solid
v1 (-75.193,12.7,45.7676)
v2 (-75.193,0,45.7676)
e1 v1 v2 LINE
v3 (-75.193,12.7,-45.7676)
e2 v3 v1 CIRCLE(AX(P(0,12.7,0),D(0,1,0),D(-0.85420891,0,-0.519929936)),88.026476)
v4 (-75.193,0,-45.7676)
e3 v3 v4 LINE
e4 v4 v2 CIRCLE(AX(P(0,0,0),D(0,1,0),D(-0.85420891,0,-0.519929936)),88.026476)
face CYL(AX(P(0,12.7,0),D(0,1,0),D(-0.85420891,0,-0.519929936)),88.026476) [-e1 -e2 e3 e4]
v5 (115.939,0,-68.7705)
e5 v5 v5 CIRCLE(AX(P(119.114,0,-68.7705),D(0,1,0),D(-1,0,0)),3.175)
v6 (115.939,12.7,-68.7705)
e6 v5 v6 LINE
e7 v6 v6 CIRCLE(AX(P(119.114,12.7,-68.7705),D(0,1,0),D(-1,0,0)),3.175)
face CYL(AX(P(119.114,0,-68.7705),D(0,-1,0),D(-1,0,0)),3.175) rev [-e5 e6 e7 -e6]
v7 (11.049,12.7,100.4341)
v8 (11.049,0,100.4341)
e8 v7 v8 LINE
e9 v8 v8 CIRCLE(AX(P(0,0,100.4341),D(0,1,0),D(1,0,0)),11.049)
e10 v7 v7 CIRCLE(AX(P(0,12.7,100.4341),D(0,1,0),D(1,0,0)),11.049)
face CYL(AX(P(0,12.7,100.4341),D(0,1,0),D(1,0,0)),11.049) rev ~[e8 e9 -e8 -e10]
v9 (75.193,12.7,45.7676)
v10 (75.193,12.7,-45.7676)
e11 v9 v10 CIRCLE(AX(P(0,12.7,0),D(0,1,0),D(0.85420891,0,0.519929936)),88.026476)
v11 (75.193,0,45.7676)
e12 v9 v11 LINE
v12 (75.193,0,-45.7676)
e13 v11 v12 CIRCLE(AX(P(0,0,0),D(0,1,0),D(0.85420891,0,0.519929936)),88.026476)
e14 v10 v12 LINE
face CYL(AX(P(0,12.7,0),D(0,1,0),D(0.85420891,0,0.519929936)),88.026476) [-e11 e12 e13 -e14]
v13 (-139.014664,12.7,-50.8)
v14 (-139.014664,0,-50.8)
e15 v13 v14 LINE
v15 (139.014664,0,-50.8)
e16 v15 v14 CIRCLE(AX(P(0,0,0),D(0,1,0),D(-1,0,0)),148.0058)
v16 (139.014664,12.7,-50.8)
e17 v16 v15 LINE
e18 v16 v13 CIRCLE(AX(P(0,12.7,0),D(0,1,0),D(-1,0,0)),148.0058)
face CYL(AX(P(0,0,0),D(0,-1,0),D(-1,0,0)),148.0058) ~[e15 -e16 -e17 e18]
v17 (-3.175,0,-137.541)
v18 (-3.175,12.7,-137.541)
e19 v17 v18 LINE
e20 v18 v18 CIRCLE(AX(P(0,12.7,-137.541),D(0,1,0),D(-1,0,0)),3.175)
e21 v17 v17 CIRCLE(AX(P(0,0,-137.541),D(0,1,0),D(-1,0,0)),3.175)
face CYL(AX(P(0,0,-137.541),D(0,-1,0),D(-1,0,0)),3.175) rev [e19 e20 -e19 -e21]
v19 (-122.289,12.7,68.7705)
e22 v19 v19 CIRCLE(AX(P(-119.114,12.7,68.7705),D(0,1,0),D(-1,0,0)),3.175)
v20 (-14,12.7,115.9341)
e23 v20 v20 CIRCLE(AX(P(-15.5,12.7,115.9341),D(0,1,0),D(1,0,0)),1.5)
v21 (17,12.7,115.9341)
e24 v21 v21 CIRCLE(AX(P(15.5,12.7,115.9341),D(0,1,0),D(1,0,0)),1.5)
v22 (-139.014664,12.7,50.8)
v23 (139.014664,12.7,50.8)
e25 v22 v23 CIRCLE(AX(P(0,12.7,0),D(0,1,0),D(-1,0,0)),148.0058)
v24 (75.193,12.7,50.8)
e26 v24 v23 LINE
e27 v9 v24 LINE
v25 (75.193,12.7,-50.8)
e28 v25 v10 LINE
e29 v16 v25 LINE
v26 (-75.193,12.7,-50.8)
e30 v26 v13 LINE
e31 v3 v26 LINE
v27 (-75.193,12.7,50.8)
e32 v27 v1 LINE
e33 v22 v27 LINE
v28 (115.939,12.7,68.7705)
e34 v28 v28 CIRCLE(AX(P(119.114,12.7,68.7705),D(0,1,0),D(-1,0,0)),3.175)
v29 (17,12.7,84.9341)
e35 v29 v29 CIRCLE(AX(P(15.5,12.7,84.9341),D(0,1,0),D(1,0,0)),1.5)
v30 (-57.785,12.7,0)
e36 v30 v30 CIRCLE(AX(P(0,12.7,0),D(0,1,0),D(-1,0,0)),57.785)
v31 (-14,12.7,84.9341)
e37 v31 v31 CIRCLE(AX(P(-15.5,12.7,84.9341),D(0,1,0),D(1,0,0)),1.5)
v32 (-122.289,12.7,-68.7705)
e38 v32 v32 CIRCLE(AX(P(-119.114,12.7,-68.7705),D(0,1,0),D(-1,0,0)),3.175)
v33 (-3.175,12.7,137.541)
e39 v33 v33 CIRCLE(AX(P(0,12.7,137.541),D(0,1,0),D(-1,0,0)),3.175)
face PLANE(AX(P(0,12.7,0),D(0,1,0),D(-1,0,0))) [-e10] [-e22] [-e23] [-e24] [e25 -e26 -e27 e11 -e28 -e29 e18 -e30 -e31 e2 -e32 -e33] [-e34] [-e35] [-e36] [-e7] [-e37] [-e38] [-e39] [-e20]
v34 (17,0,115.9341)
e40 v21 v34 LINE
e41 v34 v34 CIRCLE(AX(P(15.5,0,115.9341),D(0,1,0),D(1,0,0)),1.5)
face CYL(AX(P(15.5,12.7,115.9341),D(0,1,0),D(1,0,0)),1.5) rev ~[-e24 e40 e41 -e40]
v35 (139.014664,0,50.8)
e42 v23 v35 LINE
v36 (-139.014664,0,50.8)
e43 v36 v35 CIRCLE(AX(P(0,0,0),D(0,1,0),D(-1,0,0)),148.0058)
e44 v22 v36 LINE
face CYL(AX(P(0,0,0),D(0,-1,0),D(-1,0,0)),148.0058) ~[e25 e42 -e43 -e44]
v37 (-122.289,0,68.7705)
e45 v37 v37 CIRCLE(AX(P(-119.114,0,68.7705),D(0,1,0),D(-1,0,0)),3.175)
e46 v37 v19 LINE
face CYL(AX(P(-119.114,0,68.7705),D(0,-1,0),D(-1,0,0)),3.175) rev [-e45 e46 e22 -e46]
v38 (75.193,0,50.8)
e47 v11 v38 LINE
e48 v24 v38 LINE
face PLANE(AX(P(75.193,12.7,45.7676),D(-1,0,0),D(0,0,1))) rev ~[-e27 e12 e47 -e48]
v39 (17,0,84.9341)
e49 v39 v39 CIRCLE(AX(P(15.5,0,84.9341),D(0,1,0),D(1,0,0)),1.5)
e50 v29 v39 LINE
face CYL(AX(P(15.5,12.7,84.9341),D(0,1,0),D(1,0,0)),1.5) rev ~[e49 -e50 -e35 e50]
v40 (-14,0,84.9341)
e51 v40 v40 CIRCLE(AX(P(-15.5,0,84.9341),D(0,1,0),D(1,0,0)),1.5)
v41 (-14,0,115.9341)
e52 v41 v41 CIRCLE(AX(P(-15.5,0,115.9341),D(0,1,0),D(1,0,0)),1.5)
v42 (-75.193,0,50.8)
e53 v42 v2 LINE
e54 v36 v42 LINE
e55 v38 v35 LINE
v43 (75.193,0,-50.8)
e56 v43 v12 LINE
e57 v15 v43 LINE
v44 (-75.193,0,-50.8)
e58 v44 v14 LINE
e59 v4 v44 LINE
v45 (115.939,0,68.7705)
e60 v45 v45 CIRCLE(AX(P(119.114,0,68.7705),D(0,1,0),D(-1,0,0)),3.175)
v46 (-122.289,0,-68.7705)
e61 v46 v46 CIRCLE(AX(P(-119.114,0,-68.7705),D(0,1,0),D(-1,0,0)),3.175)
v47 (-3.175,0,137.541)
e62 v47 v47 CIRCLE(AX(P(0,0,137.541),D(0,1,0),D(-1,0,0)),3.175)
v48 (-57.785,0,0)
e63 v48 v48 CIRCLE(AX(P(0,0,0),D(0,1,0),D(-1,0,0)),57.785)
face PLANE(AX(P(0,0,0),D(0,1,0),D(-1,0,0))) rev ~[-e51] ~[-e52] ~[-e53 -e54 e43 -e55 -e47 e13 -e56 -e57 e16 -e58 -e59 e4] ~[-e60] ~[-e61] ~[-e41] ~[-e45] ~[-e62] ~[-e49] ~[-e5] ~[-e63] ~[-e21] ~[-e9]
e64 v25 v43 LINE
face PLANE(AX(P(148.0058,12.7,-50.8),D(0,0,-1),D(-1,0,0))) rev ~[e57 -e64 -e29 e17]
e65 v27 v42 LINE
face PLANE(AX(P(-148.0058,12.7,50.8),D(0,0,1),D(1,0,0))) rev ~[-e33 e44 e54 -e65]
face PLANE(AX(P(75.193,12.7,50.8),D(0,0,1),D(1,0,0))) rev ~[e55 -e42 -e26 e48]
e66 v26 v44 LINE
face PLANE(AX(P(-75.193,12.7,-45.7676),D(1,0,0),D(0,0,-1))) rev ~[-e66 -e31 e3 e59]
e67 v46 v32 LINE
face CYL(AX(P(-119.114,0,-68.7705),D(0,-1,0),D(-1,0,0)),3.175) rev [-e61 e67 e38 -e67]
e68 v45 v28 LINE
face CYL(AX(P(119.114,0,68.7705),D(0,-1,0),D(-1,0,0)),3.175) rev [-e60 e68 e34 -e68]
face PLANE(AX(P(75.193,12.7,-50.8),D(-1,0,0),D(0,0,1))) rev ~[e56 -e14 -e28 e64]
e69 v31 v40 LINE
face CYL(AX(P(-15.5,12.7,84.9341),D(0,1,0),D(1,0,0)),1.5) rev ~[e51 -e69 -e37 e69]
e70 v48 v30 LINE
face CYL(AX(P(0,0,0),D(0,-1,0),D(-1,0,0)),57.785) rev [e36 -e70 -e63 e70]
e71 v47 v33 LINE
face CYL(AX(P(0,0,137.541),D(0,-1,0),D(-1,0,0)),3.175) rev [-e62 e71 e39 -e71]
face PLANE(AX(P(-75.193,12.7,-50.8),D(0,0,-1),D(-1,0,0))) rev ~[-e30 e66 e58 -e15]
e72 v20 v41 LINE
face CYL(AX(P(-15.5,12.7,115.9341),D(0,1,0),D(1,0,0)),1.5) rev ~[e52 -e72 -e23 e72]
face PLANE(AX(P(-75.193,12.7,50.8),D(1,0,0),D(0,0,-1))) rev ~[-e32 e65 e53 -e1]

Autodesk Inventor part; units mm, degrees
ref_plane "YZ Plane" through (0, 0, 0) normal (1, 0, 0) x (0, 1, 0)
ref_plane "XZ Plane" through (0, 0, 0) normal (0, 1, 0) x (-1, 0, 0)
ref_plane "XY Plane" through (0, 0, 0) normal (0, 0, 1) x (1, 0, 0)
sketch "Sketch1" plane through (0, 0, 0) normal (0, 1, 0) x (-1, 0, 0)
  circle A0 centre (0, 0) radius 57.785
  circle A1 centre (0, 0) radius 148.0058
  line L0 (0, 0) -> (-122.3635, 70.6466) construction
  line L1 (0, 0) -> (141.2932, 0) construction
  line L2 (-122.3635, 70.6466) -> (0, 0) construction
  line L3 (0, 0) -> (-128.1768, -74.0029) construction
  circle A2 centre (0, 0) radius 148.0058 construction
  line L4 (0, 0) -> (148.0058, 0) construction
  circle A3 centre (0, 0) radius 137.541 construction
  circle A4 centre (-119.114, -68.7705) radius 3.175
  circle A5 centre (0, -137.541) radius 3.175
  circle A6 centre (119.114, -68.7705) radius 3.175
  circle A7 centre (119.114, 68.7705) radius 3.175
  circle A8 centre (0, 137.541) radius 3.175
  circle A9 centre (-119.114, 68.7705) radius 3.175
  dimension "d22" = 275.082
  dimension "d16" = 115.57
  dimension "d17" = 296.0116
  dimension "d20" = 150
  dimension "d21" = 150
  dimension "d23" = 6.35
  dimension "d24" = 360
extrude "Extrusion1" add sketch "Sketch1" along normal blind 12.7
sketch "Sketch2" plane through (0, 12.7, 0) normal (0, 1, 0) x (1, 0, 0)
  circle A0 centre (0, 0) radius 123.4694 construction
  line L0 (-21.15, -84.9341) -> (-21.15, -115.9341) construction
  line L1 (15.5, -121.5841) -> (-15.5, -121.5841) construction
  line L2 (21.15, -115.9341) -> (21.15, -84.9341) construction
  line L3 (-15.5, -79.2841) -> (15.5, -79.2841) construction
  line L4 (15.5, -79.2841) -> (21.15, -84.9341) construction
  line L5 (21.15, -115.9341) -> (15.5, -121.5841) construction
  line L6 (-15.5, -121.5841) -> (-21.15, -115.9341) construction
  line L7 (-21.15, -84.9341) -> (-15.5, -79.2841) construction
  line L8 (-15.5, -115.9341) -> (15.5, -115.9341) construction
  line L9 (15.5, -115.9341) -> (15.5, -84.9341) construction
  line L10 (15.5, -84.9341) -> (-15.5, -84.9341) construction
  line L11 (-15.5, -84.9341) -> (-15.5, -115.9341) construction
  line L12 (-15.5, -115.9341) -> (15.5, -84.9341) construction
  line L13 (15.5, -115.9341) -> (-15.5, -84.9341) construction
  circle A1 centre (15.5, -84.9341) radius 1.5
  circle A2 centre (15.5, -115.9341) radius 1.5
  circle A3 centre (-15.5, -115.9341) radius 1.5
  circle A4 centre (-15.5, -84.9341) radius 1.5
  circle A5 centre (0, -100.4341) radius 11.049
  circle A6 centre (0, -100.4341) radius 22.9616 construction
  dimension "d27" = 246.9388
  dimension "d32" = 3
  dimension "d33" = 3
  dimension "d34" = 3
  dimension "d35" = 22.098
  dimension "d44" = 45.9232
extrude "Extrusion2" cut sketch "Sketch2" against normal through all
sketch "Sketch3" plane through (0, 12.7, 0) normal (0, 1, 0) x (1, 0, 0)
  line L0 (-148.0058, 50.8) -> (-148.0058, -50.8)
  line L1 (148.0058, -50.8) -> (148.0058, 50.8)
  line L2 (148.0058, 50.8) -> (-148.0058, -50.8) construction
  line L3 (-148.0058, 50.8) -> (148.0058, -50.8) construction
  line L4 (75.193, -50.8) -> (-75.193, 50.8) construction
  line L5 (-75.193, -50.8) -> (75.193, 50.8) construction
  line L6 (-148.0058, -50.8) -> (-75.193, -50.8)
  line L7 (75.193, -50.8) -> (148.0058, -50.8)
  line L8 (148.0058, 50.8) -> (75.193, 50.8)
  line L9 (-75.193, 50.8) -> (-148.0058, 50.8)
  line L10 (-75.193, -50.8) -> (-75.193, -45.7676)
  line L11 (-75.193, 45.7676) -> (-75.193, 50.8)
  line L12 (75.193, 50.8) -> (75.193, 45.7676)
  line L13 (75.193, -45.7676) -> (75.193, -50.8)
  arc A0 (75.193, -45.7676) -> (75.193, 45.7676) centre (0, 0) ccw
  arc A1 (-75.193, 45.7676) -> (-75.193, -45.7676) centre (0, 0) ccw
  dimension "d38" = 296.0116
  dimension "d39" = 101.6
extrude "Extrusion4" cut sketch "Sketch3" against normal through all
properties part number "Turntable Mount" material "PVC-Piping"
